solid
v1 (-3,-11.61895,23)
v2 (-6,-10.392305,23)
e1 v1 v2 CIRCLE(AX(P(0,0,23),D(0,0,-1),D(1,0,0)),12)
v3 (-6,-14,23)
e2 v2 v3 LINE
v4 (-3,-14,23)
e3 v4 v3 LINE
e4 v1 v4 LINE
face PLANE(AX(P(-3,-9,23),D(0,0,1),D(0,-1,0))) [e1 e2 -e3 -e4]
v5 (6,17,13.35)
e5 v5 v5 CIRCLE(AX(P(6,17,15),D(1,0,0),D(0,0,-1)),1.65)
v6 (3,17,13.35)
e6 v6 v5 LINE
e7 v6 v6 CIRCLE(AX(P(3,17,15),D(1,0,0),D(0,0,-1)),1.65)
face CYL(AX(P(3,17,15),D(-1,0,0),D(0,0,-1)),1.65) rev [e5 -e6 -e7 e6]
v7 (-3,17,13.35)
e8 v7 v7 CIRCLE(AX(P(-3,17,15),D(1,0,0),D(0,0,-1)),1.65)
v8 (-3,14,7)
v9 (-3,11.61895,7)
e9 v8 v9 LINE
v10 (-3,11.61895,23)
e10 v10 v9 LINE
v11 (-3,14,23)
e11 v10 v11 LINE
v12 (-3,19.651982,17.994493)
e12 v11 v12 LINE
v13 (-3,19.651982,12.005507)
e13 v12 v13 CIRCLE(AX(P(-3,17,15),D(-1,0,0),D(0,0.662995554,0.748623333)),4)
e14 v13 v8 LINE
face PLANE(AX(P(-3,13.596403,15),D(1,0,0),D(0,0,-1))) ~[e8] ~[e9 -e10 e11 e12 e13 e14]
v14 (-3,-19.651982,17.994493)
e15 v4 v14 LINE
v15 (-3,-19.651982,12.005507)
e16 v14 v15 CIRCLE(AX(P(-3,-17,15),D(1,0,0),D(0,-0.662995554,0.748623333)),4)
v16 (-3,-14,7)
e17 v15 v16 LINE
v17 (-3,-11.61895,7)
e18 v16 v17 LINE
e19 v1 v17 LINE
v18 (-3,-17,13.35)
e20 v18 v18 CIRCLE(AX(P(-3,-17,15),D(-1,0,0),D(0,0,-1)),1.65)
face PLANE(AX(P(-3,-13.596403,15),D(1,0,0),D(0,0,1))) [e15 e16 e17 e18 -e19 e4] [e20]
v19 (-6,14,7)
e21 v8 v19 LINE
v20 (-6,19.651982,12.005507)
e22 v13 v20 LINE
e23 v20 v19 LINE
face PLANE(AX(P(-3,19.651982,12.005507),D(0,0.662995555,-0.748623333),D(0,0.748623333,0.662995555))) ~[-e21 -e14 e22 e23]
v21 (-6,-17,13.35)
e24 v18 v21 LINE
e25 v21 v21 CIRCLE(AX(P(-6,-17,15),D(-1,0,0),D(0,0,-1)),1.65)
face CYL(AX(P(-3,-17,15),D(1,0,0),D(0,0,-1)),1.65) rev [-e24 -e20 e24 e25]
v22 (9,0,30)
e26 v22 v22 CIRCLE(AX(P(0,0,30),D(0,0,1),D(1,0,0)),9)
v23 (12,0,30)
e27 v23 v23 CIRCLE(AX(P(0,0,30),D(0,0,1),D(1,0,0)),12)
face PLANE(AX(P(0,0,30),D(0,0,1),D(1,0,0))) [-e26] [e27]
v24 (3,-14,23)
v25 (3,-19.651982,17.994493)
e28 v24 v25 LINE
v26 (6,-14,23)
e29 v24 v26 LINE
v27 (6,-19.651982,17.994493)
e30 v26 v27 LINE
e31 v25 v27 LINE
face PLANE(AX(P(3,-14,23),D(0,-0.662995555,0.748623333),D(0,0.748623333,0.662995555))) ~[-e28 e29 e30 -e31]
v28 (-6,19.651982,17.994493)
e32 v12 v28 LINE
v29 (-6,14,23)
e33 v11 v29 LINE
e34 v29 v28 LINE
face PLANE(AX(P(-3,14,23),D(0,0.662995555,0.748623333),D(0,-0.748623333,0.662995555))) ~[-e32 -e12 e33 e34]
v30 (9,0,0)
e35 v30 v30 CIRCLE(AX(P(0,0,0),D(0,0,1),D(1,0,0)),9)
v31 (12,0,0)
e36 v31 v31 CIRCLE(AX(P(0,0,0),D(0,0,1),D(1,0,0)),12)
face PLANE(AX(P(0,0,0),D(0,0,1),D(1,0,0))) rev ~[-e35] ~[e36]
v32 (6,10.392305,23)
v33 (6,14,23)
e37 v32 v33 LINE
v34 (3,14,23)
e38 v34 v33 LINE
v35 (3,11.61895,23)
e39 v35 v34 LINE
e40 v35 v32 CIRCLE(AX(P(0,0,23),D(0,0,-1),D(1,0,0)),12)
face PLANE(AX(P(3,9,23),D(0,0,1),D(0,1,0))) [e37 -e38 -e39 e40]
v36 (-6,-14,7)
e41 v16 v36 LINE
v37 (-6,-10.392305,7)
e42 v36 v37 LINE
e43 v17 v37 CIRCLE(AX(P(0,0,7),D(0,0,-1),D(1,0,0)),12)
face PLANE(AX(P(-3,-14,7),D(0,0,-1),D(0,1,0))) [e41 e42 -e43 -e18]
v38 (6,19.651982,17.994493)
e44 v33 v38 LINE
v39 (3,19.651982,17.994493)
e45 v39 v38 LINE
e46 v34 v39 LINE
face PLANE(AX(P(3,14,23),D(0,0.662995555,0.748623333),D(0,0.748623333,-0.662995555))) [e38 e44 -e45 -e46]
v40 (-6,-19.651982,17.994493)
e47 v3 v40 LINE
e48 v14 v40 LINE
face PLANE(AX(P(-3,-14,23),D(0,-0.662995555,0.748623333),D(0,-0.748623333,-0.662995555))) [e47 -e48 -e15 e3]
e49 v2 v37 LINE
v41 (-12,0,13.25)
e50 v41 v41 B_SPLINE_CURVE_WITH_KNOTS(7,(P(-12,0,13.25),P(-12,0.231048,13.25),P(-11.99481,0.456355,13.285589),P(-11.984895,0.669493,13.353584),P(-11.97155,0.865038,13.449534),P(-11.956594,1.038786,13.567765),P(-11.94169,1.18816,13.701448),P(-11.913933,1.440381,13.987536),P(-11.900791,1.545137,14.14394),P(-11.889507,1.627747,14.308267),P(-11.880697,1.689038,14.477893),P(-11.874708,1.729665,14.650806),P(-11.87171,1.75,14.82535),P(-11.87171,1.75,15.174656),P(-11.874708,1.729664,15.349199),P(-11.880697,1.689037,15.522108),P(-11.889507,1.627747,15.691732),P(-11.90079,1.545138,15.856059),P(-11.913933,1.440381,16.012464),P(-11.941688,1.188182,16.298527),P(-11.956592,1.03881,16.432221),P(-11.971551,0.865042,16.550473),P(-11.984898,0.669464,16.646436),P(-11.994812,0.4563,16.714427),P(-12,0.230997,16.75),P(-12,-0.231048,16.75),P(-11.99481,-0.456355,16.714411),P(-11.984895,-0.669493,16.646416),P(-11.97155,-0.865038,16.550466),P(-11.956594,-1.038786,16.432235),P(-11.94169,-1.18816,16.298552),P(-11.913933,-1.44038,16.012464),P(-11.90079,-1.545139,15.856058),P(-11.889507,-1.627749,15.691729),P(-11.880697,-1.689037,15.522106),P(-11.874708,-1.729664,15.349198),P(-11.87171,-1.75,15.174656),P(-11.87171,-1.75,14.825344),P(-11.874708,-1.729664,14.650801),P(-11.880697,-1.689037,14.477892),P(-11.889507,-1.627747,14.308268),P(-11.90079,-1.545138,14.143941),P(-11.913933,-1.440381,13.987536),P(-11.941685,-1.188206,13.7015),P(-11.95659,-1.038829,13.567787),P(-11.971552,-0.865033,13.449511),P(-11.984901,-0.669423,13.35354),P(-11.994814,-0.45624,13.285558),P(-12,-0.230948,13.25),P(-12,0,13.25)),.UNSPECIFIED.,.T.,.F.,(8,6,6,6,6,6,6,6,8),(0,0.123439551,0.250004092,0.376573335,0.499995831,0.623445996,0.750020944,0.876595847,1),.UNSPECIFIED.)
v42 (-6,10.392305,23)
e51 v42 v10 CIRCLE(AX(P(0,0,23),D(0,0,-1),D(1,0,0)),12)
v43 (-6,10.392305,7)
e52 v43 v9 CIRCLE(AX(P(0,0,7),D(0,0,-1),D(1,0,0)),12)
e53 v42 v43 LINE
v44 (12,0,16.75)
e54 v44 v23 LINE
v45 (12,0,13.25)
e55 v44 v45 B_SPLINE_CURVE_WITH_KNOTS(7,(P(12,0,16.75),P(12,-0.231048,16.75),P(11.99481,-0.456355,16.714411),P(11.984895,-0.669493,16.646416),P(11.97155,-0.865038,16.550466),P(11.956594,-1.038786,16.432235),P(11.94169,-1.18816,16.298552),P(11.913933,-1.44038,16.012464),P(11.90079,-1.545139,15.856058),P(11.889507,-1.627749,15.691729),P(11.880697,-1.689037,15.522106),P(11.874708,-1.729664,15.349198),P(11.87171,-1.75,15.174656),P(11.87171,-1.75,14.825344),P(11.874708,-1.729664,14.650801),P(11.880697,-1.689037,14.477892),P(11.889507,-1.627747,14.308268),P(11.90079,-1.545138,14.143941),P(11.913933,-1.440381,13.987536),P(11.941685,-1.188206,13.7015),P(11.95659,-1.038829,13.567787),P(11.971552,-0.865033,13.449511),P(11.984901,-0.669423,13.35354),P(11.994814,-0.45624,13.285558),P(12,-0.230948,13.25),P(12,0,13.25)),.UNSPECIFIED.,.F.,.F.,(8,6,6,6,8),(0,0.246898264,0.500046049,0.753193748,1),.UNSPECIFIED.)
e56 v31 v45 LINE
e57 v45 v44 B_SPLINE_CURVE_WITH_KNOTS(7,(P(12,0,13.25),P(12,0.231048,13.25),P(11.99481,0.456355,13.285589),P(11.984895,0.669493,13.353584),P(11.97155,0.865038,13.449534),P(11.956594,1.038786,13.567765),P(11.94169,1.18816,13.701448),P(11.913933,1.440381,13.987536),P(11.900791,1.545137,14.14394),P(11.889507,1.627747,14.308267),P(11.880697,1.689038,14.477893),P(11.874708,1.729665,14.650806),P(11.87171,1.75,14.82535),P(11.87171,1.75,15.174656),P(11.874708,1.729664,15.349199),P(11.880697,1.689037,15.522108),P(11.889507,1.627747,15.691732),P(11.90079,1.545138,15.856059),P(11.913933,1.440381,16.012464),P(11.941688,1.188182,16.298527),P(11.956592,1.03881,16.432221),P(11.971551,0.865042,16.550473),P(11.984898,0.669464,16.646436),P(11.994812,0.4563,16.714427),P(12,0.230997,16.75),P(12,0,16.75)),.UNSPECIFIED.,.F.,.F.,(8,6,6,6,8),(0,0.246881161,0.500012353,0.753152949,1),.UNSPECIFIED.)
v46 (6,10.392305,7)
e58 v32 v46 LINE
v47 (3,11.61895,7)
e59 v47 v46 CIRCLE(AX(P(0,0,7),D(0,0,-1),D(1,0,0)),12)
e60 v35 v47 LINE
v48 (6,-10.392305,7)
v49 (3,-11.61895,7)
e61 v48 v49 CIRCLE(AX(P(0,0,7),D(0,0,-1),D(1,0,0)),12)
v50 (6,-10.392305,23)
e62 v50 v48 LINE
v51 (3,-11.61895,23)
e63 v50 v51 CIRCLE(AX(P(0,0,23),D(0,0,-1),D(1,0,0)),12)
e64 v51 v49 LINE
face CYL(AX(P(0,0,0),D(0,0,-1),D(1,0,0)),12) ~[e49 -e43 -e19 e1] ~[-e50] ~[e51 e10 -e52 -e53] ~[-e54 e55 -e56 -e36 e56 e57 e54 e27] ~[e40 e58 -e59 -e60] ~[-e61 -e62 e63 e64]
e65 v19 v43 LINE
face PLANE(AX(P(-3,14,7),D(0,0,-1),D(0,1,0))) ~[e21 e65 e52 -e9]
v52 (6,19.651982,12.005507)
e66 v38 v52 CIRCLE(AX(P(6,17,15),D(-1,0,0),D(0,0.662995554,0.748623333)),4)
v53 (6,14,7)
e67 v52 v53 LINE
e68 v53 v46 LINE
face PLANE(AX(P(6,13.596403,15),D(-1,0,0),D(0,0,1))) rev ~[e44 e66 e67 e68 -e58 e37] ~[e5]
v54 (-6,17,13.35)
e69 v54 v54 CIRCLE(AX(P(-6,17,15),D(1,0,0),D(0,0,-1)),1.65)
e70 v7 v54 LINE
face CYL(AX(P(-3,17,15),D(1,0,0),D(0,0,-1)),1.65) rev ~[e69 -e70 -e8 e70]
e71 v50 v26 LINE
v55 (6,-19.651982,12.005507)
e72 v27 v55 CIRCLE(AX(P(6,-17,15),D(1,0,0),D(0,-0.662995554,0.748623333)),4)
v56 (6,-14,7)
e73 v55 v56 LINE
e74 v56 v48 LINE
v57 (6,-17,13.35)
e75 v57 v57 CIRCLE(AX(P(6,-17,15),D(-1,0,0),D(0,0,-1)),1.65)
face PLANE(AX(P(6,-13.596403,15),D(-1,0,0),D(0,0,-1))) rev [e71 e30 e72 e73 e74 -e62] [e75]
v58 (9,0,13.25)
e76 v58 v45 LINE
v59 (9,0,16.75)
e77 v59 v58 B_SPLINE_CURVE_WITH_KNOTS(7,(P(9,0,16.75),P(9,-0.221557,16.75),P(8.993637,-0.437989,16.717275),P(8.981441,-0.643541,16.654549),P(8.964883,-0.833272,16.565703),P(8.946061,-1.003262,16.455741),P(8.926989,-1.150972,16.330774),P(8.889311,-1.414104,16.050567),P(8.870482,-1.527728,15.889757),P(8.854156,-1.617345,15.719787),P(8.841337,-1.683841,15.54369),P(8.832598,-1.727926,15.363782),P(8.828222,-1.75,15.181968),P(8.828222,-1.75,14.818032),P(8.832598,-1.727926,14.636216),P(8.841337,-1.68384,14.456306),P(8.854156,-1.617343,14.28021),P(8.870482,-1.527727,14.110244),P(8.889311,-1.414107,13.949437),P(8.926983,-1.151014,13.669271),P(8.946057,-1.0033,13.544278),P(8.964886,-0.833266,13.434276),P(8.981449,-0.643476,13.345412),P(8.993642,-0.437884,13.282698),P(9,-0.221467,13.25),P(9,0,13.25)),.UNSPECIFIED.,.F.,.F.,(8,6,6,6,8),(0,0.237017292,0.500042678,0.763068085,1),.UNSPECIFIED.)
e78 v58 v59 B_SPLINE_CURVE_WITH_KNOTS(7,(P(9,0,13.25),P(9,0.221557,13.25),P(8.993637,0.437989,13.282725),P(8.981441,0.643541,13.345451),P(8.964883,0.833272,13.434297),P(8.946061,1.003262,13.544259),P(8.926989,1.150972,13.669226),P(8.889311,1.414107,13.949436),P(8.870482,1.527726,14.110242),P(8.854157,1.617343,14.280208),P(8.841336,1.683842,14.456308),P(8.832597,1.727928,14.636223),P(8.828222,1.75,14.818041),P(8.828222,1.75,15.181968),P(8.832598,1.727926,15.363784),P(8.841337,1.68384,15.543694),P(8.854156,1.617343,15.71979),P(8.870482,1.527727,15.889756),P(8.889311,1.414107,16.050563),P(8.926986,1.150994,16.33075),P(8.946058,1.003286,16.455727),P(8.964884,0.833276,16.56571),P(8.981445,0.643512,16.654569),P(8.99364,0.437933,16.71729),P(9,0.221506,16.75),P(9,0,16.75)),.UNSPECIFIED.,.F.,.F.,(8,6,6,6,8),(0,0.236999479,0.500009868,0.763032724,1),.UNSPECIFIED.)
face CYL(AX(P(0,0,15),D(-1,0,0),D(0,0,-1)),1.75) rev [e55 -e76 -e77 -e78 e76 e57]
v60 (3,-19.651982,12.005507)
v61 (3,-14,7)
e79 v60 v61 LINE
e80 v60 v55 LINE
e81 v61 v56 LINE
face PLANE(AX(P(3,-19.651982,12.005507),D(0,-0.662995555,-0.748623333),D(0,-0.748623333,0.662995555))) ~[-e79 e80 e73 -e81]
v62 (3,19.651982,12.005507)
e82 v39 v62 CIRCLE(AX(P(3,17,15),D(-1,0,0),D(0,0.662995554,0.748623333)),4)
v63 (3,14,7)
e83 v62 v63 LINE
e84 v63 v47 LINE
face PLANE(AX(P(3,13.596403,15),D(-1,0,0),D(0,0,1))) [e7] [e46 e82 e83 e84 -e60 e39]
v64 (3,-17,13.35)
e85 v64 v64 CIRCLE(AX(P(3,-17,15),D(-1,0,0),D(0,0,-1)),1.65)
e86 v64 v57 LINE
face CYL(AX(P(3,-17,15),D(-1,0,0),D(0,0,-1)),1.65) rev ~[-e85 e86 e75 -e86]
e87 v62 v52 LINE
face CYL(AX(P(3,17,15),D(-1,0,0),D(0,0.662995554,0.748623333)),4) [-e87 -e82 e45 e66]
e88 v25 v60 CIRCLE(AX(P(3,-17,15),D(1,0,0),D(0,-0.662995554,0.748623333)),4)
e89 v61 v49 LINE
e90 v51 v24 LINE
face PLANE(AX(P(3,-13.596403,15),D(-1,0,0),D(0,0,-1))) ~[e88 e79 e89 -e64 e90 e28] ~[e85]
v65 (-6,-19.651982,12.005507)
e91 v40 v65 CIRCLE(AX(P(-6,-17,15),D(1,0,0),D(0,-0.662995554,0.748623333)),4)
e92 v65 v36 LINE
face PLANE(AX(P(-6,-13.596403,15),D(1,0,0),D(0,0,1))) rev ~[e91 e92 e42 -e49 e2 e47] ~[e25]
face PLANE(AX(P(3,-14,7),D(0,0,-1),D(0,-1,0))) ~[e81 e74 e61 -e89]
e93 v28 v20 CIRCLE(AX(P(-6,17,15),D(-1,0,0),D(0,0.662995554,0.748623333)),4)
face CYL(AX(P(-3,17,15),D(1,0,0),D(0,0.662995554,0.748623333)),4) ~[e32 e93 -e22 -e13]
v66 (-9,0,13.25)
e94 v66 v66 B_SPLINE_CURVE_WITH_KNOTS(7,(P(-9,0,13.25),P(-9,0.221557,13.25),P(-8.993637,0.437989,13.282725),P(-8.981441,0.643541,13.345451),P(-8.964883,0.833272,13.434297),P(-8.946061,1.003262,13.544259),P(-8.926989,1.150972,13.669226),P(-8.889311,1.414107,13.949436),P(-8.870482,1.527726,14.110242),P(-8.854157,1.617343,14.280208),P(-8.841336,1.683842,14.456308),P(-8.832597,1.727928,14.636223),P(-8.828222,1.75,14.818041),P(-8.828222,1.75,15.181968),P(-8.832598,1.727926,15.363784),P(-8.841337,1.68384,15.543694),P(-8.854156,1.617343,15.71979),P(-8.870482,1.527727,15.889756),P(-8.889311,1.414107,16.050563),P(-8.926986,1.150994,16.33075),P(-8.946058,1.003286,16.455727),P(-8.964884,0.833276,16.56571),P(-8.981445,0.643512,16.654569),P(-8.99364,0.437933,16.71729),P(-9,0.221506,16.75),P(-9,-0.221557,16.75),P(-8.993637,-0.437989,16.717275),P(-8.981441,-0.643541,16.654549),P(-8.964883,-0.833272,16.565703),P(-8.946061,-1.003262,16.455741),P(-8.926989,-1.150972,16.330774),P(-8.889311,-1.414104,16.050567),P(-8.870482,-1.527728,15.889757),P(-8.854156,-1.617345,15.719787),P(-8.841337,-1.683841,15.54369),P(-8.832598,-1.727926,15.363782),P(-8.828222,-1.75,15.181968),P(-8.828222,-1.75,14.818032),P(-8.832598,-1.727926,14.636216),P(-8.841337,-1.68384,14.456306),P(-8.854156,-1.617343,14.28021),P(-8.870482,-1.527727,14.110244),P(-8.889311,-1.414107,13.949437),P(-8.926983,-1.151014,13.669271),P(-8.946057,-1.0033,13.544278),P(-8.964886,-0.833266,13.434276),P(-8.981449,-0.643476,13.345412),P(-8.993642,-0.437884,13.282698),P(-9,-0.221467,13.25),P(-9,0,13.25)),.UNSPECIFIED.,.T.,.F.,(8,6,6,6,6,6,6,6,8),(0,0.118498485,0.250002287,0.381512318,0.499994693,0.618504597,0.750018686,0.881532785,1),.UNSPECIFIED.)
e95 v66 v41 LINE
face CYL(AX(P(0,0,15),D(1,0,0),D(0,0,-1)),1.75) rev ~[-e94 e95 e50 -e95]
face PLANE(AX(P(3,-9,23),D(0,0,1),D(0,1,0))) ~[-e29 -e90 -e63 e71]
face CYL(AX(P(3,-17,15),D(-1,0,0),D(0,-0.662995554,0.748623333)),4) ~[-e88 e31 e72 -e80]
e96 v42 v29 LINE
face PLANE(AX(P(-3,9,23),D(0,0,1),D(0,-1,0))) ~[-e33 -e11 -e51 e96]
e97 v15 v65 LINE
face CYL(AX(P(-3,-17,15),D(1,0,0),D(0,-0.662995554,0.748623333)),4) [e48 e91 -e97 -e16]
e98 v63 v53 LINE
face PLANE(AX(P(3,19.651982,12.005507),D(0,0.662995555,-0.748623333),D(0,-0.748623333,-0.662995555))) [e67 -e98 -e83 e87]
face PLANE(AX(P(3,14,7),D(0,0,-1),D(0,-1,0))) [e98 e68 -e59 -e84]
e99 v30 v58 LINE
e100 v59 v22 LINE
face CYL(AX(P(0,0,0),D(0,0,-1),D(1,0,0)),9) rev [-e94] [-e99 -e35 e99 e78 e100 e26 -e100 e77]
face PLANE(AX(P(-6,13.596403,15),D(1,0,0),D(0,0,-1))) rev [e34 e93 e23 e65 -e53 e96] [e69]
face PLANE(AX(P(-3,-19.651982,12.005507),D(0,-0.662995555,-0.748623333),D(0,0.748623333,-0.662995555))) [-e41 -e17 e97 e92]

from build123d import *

# Parameters (mm, degrees)
SKETCH_1_R               = 12
SKETCH_1_R_2             = 9
EXTRUDE_1_DEPTH          = 30
SKETCH_2_R               = 1.65
EXTRUDE_2_DEPTH          = 3
SKETCH_3_R               = 1.75
CUT_EXTRUDE_1_DEPTH      = 13
CUT_EXTRUDE_1_DEPTH_BACK = 13
MIRROR_2_COPY_1_SKETCH_R = 1.65
MIRROR_2_COPY_1_DEPTH    = 3


with BuildPart() as part:
    # ｽｹｯﾁ1 → ﾎﾞｽ - 押し出し1 (new body)
    with BuildSketch(Plane.XY):
        Circle(SKETCH_1_R)
        Circle(SKETCH_1_R_2, mode=Mode.SUBTRACT)
    extrude(amount=EXTRUDE_1_DEPTH)

    # ｽｹｯﾁ2 → ﾎﾞｽ - 押し出し2 (add)
    with BuildSketch(Plane(origin=(3, 0, 0), x_dir=(0, 0, -1), z_dir=(1, 0, 0))):
        with BuildLine():
            Line((-23, 9), (-23, 14))
            Line((-23, 14), (-17.994493332, 19.651982218))
            ThreePointArc((-17.994493332, 19.651982218), (-15, 21), (-12.005506668, 19.651982218))
            Line((-12.005506668, 19.651982218), (-7, 14))
            Line((-7, 14), (-7, 9))
            Line((-7, 9), (-23, 9))
        make_face()
        with Locations((-15, 17)):
            Circle(SKETCH_2_R, mode=Mode.SUBTRACT)
    extrude_2 = extrude(amount=EXTRUDE_2_DEPTH)

    # ﾐﾗｰ1: ﾎﾞｽ - 押し出し2 across plane
    add(extrude_2.mirror(Plane(origin=(0, 0, 0), x_dir=(0, 0, 1), z_dir=(1, 0, 0))))

    # ｽｹｯﾁ3 → ｶｯﾄ - 押し出し1 (cut, two sides)
    with BuildSketch(Plane(origin=(0, 0, 0), x_dir=(0, 0, -1), z_dir=(1, 0, 0))) as cut_extrude_1_sk:
        with Locations((-15, 0)):
            Circle(SKETCH_3_R)
    extrude(amount=CUT_EXTRUDE_1_DEPTH, mode=Mode.SUBTRACT)
    extrude(cut_extrude_1_sk.sketch, amount=-CUT_EXTRUDE_1_DEPTH_BACK, mode=Mode.SUBTRACT)

    # ﾐﾗｰ2: ﾎﾞｽ - 押し出し2 across plane
    add(extrude_2.mirror(Plane.ZX))

    # ﾐﾗｰ2 copy 1 sketch → ﾐﾗｰ2 copy 1 (add)
    with BuildSketch(Plane(origin=(-3, 0, 0), x_dir=(0, 0, -1), z_dir=(-1, 0, 0))):
        with BuildLine():
            Line((-23, 9), (-23, 14))
            Line((-23, 14), (-17.994493332, 19.651982218))
            ThreePointArc((-17.994493332, 19.651982218), (-15, 21), (-12.005506668, 19.651982218))
            Line((-12.005506668, 19.651982218), (-7, 14))
            Line((-7, 14), (-7, 9))
            Line((-7, 9), (-23, 9))
        make_face()
        with Locations((-15, 17)):
            Circle(MIRROR_2_COPY_1_SKETCH_R, mode=Mode.SUBTRACT)
    extrude(amount=MIRROR_2_COPY_1_DEPTH)


solid = part.part
